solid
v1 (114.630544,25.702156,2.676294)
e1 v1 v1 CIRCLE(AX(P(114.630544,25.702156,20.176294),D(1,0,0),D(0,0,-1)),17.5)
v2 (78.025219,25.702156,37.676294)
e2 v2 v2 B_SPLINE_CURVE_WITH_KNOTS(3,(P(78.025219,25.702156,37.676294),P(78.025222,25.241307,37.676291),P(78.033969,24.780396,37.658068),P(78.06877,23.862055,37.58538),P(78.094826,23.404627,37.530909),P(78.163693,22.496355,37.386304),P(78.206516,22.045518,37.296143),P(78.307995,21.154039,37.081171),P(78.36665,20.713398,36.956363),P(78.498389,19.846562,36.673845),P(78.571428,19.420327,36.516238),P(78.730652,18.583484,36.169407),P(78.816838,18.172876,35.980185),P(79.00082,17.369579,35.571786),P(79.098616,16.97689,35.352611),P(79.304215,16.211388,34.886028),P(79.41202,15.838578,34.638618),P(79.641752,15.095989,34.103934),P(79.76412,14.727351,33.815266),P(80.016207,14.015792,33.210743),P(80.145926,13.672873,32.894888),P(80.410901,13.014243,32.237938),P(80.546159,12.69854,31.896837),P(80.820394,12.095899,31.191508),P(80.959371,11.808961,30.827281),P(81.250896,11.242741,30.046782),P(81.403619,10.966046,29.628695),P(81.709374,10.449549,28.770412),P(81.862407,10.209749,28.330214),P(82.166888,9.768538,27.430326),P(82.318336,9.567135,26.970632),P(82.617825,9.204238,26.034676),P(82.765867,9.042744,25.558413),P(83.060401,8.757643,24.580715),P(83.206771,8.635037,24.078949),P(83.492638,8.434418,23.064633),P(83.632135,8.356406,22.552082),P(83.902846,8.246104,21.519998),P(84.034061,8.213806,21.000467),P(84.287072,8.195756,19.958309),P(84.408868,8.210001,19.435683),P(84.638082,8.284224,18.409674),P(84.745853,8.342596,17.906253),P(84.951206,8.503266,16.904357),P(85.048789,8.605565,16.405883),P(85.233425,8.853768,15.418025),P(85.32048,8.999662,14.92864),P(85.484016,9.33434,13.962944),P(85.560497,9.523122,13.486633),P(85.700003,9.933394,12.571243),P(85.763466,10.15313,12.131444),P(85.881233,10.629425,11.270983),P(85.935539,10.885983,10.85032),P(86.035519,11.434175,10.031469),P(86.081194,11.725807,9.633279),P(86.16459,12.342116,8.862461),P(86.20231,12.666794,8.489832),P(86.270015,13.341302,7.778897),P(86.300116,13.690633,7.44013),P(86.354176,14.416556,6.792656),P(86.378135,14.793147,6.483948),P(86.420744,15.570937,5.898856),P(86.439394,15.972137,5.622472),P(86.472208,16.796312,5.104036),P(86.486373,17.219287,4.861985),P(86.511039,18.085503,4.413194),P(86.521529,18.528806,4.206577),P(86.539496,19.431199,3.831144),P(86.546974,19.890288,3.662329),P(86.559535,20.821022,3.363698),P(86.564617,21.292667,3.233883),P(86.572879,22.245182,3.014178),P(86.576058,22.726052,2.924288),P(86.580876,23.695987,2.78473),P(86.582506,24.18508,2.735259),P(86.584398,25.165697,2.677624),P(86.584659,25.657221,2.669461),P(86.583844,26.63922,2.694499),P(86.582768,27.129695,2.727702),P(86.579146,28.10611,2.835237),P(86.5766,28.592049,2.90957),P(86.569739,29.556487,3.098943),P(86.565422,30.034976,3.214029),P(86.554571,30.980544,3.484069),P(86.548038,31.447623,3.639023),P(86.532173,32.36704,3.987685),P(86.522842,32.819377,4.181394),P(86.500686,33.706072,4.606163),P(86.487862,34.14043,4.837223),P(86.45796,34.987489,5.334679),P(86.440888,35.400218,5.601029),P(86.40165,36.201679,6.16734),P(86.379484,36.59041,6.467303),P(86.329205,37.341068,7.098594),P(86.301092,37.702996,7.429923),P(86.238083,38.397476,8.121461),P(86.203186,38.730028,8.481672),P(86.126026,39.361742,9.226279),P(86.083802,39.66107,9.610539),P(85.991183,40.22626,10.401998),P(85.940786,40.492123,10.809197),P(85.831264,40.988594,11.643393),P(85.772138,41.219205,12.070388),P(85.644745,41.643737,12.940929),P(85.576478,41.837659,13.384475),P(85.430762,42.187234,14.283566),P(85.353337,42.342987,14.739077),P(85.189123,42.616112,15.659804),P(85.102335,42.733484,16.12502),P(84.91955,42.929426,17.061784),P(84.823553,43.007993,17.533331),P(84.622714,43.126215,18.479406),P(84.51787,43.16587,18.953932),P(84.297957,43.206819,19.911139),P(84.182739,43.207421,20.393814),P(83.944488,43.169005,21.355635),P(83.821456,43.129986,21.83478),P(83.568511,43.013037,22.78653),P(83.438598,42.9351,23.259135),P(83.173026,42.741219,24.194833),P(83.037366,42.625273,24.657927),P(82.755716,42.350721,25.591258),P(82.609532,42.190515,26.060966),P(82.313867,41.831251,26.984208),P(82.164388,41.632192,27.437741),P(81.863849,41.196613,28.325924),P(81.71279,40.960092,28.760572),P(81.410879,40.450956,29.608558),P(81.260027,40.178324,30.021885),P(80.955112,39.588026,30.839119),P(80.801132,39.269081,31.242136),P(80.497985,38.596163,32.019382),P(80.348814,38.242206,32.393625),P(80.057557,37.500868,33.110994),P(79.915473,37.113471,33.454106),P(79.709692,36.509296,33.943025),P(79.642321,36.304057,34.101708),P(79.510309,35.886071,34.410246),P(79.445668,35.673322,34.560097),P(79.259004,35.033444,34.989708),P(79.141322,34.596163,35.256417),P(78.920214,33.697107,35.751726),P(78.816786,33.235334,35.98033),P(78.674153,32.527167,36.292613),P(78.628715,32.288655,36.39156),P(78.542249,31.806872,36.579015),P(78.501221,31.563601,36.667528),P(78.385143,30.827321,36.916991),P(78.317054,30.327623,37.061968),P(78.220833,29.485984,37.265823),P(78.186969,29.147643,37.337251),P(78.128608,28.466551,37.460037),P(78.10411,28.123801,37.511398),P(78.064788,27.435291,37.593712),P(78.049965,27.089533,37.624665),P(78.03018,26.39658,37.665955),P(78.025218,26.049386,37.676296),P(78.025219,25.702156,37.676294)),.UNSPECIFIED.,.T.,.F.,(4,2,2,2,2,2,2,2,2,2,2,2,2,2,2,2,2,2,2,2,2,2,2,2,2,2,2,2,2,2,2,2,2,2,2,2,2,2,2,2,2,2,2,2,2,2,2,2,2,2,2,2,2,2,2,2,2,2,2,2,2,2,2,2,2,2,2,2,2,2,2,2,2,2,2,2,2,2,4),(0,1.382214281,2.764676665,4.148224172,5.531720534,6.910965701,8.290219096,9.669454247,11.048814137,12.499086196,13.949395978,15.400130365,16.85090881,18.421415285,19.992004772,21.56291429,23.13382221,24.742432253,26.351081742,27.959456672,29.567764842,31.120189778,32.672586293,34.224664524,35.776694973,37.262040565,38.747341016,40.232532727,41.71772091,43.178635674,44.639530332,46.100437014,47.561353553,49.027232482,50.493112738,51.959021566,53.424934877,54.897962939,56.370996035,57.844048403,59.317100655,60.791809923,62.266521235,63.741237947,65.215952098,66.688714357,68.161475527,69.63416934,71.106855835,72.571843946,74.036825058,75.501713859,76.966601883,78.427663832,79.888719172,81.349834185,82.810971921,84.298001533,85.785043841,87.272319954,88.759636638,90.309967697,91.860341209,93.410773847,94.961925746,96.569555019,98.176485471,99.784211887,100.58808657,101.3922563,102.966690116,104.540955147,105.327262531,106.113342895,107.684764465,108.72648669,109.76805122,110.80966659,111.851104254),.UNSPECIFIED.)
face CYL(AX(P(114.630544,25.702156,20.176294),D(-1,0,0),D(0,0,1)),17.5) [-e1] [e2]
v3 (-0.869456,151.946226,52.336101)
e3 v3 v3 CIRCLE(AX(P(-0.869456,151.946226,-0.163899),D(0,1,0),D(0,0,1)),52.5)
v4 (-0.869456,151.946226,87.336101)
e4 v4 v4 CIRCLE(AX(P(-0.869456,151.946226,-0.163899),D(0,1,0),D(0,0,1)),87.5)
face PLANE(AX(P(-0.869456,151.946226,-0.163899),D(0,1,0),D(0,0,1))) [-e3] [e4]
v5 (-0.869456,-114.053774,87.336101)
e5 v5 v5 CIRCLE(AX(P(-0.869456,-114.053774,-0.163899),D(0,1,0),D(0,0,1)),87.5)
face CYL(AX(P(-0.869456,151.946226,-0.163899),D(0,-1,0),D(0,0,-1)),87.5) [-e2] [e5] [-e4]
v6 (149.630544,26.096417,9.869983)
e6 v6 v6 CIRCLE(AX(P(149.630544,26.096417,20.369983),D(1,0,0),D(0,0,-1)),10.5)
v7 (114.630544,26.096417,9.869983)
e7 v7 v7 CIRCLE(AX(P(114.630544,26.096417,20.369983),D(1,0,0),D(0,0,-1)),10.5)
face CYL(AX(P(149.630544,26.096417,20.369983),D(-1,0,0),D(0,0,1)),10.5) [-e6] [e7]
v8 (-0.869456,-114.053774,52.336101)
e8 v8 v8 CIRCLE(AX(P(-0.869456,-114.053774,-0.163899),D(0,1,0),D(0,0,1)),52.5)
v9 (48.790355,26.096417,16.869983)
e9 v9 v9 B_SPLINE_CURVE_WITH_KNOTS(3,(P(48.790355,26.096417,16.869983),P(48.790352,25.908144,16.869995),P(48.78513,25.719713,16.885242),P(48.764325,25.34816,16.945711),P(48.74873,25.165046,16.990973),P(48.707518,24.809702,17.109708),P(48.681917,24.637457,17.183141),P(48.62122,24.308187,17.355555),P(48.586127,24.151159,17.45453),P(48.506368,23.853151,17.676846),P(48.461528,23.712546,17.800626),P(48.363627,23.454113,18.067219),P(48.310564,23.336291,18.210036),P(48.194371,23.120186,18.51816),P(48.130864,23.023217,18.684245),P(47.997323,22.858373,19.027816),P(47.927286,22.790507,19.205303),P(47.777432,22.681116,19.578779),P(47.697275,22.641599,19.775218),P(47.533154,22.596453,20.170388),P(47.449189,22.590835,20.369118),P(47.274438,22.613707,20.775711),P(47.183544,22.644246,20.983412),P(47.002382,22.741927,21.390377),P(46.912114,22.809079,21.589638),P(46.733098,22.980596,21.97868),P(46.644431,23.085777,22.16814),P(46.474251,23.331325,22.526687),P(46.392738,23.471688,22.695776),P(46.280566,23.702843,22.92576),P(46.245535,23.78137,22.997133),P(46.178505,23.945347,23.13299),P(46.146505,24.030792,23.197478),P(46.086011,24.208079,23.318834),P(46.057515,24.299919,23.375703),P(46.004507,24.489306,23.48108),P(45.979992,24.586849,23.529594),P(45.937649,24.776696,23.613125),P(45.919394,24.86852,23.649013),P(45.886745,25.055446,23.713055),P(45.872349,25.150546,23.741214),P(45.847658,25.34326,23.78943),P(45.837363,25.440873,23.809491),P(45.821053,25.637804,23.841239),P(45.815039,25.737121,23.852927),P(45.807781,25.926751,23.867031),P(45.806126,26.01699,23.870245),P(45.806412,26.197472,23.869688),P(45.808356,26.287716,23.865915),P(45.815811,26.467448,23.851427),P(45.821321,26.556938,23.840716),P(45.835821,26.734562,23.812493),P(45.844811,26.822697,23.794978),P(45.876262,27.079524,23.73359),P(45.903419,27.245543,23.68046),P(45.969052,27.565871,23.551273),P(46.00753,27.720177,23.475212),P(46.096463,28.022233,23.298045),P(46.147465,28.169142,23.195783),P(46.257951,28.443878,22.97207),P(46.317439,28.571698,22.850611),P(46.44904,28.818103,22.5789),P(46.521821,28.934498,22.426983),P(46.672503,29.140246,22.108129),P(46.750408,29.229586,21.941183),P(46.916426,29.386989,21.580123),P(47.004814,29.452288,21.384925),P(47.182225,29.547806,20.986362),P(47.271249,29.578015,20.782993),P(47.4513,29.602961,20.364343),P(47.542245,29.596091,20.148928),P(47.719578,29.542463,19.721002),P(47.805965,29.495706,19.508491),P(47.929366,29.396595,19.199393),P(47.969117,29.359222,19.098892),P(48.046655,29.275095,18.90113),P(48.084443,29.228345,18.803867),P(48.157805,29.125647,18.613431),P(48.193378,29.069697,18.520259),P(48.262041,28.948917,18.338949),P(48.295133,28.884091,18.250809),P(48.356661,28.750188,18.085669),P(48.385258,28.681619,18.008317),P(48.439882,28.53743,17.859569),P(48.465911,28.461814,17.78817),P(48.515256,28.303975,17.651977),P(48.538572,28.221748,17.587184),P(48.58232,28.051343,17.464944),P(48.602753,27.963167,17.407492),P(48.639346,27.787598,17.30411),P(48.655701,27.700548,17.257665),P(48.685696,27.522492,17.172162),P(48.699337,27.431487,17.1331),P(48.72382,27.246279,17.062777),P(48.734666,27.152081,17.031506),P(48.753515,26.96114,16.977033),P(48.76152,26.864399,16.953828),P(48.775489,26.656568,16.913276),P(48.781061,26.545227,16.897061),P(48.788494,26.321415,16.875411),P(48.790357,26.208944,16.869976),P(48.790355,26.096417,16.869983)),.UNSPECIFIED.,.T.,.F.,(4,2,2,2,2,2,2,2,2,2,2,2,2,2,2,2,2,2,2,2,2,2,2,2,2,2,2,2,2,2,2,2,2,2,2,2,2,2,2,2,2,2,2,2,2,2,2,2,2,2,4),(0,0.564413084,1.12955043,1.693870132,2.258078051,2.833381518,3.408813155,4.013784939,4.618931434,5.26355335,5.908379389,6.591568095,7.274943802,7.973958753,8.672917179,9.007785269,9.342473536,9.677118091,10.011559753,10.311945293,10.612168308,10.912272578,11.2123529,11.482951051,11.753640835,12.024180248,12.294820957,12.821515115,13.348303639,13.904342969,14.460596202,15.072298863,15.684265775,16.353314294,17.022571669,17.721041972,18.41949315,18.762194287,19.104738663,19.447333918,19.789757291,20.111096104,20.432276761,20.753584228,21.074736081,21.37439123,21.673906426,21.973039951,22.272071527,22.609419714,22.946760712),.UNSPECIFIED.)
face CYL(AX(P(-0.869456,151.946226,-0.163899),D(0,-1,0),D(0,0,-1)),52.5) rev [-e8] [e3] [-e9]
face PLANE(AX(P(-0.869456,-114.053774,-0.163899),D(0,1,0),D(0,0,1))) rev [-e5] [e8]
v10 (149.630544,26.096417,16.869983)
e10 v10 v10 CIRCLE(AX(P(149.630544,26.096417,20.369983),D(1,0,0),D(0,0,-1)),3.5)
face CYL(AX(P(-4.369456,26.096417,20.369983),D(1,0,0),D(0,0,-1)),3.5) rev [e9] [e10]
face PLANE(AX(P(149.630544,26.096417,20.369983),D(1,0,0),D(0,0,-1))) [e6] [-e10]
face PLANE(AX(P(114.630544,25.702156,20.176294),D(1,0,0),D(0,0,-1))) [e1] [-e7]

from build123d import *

# Parameters (mm, degrees)
CROQUIS1_R              = 12.5
CROQUIS1_R_2            = 7.5
SALIENTE_EXTRUIR1_DEPTH = 38
CROQUIS2_R              = 2.5
SALIENTE_EXTRUIR2_DEPTH = 16.5
CROQUIS3_R              = 7.5
CORTAR_EXTRUIR1_DEPTH   = 38
CROQUIS4_R              = 1.5
SALIENTE_EXTRUIR7_DEPTH = 5
CROQUIS5_R              = 0.5
CORTAR_EXTRUIR2_DEPTH   = 22
ESCALA1_SCALE           = 7


with BuildPart() as part:
    # Croquis1 → Saliente-Extruir1 (new body)
    with BuildSketch(Plane(origin=(0, 0, 0), x_dir=(1, 0, 0), z_dir=(0, 1, 0))):
        Circle(CROQUIS1_R)
        Circle(CROQUIS1_R_2, mode=Mode.SUBTRACT)
    extrude(amount=SALIENTE_EXTRUIR1_DEPTH)

    # Croquis2 → Saliente-Extruir2 (add)
    with BuildSketch(Plane(origin=(0, 0, 0), x_dir=(0, 0, -1), z_dir=(1, 0, 0))):
        with Locations((-2.905741876, 19.965132916)):
            Circle(CROQUIS2_R)
    extrude(amount=SALIENTE_EXTRUIR2_DEPTH)

    # Croquis3 → Cortar-Extruir1 (cut)
    with BuildSketch(Plane(origin=(0, 38, 0), x_dir=(1, 0, 0), z_dir=(0, 1, 0))):
        Circle(CROQUIS3_R)
    extrude(amount=-CORTAR_EXTRUIR1_DEPTH, mode=Mode.SUBTRACT)

    # Croquis4 → Saliente-Extruir7 (add)
    with BuildSketch(Plane(origin=(16.5, 0, 0), x_dir=(0, 0, -1), z_dir=(1, 0, 0))):
        with Locations((-2.933411735, 20.021455872)):
            Circle(CROQUIS4_R)
    extrude(amount=SALIENTE_EXTRUIR7_DEPTH)

    # Croquis5 → Cortar-Extruir2 (cut)
    with BuildSketch(Plane(origin=(21.5, 0, 0), x_dir=(0, 0, -1), z_dir=(1, 0, 0))):
        with Locations((-2.933411735, 20.021455872)):
            Circle(CROQUIS5_R)
    extrude(amount=-CORTAR_EXTRUIR2_DEPTH, mode=Mode.SUBTRACT)


with BuildPart() as part_1:
    # Escala1: scaled about (0.144888953, 19.008953835, 0.027312828)
    add(part.part.scale(ESCALA1_SCALE).moved(Location((-0.869333718, -114.05372301, -0.163876968))))


solid = part_1.part
